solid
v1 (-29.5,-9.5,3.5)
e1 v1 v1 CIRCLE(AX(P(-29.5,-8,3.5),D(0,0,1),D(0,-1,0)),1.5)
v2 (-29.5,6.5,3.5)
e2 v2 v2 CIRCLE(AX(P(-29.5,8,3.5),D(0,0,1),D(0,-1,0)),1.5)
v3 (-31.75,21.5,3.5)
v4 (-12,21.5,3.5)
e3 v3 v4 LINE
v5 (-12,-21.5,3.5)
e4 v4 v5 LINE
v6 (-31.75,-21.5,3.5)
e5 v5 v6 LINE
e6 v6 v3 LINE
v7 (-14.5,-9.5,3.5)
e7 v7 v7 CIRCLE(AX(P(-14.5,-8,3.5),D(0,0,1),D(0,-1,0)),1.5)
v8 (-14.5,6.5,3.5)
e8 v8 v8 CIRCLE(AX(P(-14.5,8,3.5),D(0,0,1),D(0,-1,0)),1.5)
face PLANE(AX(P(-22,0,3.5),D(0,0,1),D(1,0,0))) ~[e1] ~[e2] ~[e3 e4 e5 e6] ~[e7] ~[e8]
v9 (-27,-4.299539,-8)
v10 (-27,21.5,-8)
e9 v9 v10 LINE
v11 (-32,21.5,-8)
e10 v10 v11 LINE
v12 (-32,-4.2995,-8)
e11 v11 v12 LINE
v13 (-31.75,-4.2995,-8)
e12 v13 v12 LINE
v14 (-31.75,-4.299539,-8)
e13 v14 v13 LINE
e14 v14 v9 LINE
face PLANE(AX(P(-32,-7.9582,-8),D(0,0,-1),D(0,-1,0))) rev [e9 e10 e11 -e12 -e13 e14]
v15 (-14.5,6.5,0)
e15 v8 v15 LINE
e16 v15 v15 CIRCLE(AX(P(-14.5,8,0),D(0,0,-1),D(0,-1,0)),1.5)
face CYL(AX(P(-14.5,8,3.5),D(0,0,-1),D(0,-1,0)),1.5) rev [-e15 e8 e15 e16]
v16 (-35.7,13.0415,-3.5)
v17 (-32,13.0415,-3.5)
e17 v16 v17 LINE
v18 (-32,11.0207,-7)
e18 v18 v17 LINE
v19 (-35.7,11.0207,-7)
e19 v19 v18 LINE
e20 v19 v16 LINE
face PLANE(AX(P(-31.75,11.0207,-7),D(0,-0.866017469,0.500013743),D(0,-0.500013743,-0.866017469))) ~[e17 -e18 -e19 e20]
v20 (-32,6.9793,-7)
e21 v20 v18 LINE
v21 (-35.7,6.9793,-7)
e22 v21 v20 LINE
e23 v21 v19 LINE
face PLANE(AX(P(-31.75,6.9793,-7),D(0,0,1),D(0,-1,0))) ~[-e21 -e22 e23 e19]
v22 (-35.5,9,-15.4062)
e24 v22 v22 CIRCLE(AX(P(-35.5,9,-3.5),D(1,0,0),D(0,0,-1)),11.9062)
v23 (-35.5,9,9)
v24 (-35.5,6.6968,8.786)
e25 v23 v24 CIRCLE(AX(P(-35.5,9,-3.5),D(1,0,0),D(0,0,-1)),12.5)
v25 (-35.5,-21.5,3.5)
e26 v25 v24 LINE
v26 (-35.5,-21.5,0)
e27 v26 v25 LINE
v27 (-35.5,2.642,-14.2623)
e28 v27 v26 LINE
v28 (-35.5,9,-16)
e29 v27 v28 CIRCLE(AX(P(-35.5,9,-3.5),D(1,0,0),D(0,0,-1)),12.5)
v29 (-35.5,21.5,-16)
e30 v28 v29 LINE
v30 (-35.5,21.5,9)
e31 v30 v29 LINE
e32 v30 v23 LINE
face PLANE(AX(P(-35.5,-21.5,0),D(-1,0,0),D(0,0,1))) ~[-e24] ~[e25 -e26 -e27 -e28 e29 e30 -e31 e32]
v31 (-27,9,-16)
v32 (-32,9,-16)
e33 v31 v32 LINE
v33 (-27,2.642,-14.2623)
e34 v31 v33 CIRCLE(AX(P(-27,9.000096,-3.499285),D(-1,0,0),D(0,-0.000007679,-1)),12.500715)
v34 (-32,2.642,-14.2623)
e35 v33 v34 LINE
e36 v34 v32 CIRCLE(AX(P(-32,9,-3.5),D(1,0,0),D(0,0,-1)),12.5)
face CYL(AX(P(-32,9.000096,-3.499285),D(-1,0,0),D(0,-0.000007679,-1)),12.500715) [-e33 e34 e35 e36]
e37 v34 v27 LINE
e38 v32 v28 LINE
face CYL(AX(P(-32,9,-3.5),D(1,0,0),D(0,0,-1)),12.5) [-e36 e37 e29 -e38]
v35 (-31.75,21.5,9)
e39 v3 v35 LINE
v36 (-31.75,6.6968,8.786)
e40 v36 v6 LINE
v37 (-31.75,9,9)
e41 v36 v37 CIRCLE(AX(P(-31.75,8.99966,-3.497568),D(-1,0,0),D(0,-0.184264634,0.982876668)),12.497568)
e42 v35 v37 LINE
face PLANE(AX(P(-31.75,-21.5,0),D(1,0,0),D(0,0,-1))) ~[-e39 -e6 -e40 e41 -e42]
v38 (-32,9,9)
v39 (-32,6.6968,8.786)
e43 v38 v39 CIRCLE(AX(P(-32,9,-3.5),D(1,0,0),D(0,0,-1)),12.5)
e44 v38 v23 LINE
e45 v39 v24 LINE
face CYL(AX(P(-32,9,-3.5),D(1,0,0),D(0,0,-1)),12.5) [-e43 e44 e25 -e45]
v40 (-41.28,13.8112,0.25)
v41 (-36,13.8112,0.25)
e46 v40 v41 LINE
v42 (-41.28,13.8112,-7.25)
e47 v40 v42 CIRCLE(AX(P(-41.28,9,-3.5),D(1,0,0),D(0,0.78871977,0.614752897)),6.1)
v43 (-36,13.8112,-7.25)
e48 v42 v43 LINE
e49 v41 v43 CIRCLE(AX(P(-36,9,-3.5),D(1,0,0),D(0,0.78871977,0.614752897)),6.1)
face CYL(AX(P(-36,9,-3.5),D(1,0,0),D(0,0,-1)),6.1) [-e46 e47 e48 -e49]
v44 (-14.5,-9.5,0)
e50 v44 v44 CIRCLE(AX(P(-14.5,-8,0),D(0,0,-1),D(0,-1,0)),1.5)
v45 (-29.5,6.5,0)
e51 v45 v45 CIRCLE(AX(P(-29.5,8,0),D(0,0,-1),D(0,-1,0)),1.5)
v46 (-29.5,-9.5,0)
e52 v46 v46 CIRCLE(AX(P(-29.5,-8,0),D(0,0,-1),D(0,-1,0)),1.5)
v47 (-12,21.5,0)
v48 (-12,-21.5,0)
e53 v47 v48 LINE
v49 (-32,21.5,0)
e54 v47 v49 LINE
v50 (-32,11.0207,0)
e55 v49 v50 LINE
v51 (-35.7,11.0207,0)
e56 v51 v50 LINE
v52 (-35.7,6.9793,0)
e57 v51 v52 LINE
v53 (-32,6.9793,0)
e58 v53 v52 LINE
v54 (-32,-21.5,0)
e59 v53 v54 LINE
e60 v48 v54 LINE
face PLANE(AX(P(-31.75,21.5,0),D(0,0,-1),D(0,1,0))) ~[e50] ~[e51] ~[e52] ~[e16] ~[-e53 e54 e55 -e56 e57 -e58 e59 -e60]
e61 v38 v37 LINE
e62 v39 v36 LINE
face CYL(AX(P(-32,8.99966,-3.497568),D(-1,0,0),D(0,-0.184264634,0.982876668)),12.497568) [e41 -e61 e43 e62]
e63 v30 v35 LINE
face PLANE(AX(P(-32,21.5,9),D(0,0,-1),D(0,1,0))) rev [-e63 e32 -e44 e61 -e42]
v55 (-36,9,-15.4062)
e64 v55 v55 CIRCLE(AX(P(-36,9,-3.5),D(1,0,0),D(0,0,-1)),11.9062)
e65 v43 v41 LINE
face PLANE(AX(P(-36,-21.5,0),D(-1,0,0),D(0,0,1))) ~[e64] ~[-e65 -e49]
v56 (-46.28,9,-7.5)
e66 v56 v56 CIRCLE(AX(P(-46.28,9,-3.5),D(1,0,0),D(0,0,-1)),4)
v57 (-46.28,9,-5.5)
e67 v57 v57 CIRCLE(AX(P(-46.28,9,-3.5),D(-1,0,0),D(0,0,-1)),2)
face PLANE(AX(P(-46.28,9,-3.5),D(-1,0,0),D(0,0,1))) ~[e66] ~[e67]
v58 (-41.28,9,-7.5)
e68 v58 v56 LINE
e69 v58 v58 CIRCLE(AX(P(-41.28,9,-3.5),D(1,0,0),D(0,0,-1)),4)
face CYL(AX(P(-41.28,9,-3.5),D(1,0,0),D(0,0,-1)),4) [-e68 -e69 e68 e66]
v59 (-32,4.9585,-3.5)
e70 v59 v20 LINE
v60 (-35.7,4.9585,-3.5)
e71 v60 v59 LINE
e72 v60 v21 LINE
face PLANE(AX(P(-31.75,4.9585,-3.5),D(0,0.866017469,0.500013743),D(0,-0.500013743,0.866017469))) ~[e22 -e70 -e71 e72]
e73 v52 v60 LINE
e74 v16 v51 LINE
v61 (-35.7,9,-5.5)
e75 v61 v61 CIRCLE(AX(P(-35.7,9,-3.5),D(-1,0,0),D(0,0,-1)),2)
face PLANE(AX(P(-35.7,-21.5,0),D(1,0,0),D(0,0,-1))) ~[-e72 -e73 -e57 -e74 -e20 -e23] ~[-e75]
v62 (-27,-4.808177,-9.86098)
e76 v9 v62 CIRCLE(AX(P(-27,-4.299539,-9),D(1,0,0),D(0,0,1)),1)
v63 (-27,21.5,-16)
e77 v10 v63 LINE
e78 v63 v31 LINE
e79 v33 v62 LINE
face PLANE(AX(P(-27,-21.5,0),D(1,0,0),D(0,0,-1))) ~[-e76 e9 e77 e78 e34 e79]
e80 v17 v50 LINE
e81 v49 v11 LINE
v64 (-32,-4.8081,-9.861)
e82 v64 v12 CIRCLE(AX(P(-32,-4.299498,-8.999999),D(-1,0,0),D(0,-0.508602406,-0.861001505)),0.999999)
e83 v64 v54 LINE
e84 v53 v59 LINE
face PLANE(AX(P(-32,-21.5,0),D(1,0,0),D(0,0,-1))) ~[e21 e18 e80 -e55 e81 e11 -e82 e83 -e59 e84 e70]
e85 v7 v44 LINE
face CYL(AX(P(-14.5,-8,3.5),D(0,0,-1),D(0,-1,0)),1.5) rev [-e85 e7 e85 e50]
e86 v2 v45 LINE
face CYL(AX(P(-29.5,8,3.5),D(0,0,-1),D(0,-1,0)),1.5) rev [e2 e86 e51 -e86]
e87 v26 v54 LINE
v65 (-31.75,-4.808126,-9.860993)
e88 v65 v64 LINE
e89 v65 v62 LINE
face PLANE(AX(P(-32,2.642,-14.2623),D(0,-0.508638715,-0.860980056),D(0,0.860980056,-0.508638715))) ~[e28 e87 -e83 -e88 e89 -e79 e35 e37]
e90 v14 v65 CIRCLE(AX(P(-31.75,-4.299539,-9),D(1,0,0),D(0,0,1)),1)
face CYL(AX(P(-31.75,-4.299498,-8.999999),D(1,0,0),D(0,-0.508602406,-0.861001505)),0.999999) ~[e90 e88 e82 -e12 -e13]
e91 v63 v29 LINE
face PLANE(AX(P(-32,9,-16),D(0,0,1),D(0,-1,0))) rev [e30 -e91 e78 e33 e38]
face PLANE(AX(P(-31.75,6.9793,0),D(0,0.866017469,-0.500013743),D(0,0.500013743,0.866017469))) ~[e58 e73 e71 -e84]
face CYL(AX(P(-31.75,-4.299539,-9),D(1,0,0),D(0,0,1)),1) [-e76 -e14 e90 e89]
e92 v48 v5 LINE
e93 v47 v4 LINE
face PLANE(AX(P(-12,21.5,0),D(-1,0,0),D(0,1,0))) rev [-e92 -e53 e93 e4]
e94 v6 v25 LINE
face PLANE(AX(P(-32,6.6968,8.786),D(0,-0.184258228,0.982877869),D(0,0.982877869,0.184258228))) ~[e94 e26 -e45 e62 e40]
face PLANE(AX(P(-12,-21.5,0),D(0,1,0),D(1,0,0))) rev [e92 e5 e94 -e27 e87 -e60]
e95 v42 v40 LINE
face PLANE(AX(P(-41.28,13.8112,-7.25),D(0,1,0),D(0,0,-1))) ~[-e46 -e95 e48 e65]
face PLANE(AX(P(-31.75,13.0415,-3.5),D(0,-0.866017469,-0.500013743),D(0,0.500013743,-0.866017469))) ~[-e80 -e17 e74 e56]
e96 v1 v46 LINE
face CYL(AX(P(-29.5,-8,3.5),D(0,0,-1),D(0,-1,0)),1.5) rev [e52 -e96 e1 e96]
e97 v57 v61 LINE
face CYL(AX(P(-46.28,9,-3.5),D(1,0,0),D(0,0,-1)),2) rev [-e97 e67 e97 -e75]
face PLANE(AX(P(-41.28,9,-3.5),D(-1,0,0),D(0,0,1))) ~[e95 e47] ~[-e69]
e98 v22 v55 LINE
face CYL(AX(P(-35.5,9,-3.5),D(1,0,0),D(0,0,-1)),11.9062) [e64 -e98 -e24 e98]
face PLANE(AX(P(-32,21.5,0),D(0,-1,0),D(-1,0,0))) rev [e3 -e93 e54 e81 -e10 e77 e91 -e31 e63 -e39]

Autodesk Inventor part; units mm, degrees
ref_plane "YZ Plane" through (0, 0, 0) normal (1, 0, 0) x (0, 1, 0)
ref_plane "XZ Plane" through (0, 0, 0) normal (0, 1, 0) x (-1, 0, 0)
sketch "Sketch1" plane through (0, 0, 0) normal (0, 0, 1) x (1, 0, 0)
  line L0 (-10, -21.5) -> (10, -21.5)
  line L1 (10, -21.5) -> (10, 21.5)
  line L2 (10, 21.5) -> (-10, 21.5)
  line L3 (-10, 21.5) -> (-10, -21.5)
  line L4 (-10, -21.5) -> (10, 21.5) construction
  line L5 (10, -21.5) -> (-10, 21.5) construction
  point P0 (0, 0)
  dimension "d0" = 20
  dimension "d1" = 43
extrude "Extrusion1" add sketch "Sketch1" along normal blind 3.5
sketch "Sketch2" plane through (0, 0, 3.5) normal (0, 0, 1) x (1, 0, 0)
  line L0 (-7.5, -8) -> (7.5, -8)
  line L1 (7.5, -8) -> (7.5, 8)
  line L2 (7.5, 8) -> (-7.5, 8)
  line L3 (-7.5, 8) -> (-7.5, -8)
  line L4 (-7.5, -8) -> (7.5, 8) construction
  line L5 (7.5, -8) -> (-7.5, 8) construction
  point P0 (0, 0)
  dimension "d4" = 15
  dimension "d5" = 16
hole "Hole1" at (-7.5, 8, 3.5) at (7.5, 8, 3.5) at (7.5, -8, 3.5) at (-7.5, -8, 3.5) direction (0, 0, -1) diameter 3 end through all
sketch "Sketch3" plane through (10, -21.5, 0) normal (1, 0, 0) x (0, 0, -1)
  circle A0 centre (3.5, 30.5) radius 11.9062
  line L0 (0, 0) -> (0, 43) projected
  circle A1 centre (3.5, 30.5) radius 12.5
  line L1 (0, 43) -> (3.5, 43)
  line L2 (14.2623, 24.142) -> (0, 0)
  line L3 (-3.5, 43) -> (-3.5, 0) projected
  line L4 (-3.5, 43) -> (-7.1577, 37.0317)
  line L5 (-3.5, 0) -> (-8.786, 28.1968)
  line L6 (0, 0) -> (-3.5, 0) projected
  line L7 (0, 43) -> (-3.5, 43) projected
  line L8 (16, 30.5) -> (16, 43)
  line L9 (16, 43) -> (-9, 43)
  line L10 (-9, 43) -> (-9, 30.5)
  line L11 (9, 43) -> (12.7158, 38.945)
  point P0 (0, 21.5)
  point P1 (0, 21.5)
  point P2 (3.5, 43)
  dimension "d14" = 25
  dimension "d13" = 23.8125
  dimension "d15" = 3.5
  dimension "d26" = 9
extrude "Extrusion2" add sketch "Sketch3" along normal blind 3.5
sketch "Sketch4" plane through (13.5, -21.5, 0) normal (1, 0, 0) x (0, 0, -1)
  circle A0 centre (3.5, 30.5) radius 11.9062 projected
  point P0 (0, 21.5)
extrude "Extrusion3" add sketch "Sketch4" along normal blind 0.5
sketch "Sketch5" plane through (10, -21.5, 0) normal (-1, 0, 0) x (0, 0, 1)
  line L0 (3.5, 0) -> (3.5, 43) projected
  line L1 (8.786, 28.1968) -> (3.5, 0) projected
  arc A0 (-16, 30.5) -> (-14.2623, 24.142) centre (-3.5, 30.5) ccw projected
  arc A1 (8.786, 28.1968) -> (9, 30.5) centre (-3.5, 30.5) ccw projected
  line L2 (0, 0) -> (0, 43) projected
  line L3 (0, 0) -> (-14.2623, 24.142) projected
  line L4 (-16, 43) -> (0, 43) projected
  line L5 (-16, 30.5) -> (-16, 43) projected
  line L6 (9, 43) -> (9, 30.5) projected
  line L7 (3.5, 43) -> (9, 43) projected
  point P0 (0, 21.5)
extrude "Extrusion4" add sketch "Sketch5" along normal blind 0.25
sketch "Sketch6" plane through (10, -21.5, 0) normal (-1, 0, 0) x (0, 0, 1)
  line L0 (-14.2623, 24.142) -> (0, 0) projected
  line L1 (0, 43) -> (0, 0) projected
  line L2 (0, 43) -> (-16, 43) projected
  line L3 (-16, 43) -> (-16, 30.5) projected
  arc A0 (-16, 30.5) -> (-14.2623, 24.142) centre (-3.5, 30.5) ccw projected
  line L4 (-8, 13.5418) -> (-8, 43)
  dimension "d67" = 8
extrude "Extrusion5" add sketch "Sketch6" along normal blind 5 contours A0 L3 L2 L4 L0
sketch "Sketch7" plane through (14, 9, -3.5) normal (1, 0, 0) x (0, 0, -1)
  circle A0 centre (0, 0) radius 11.9062 projected
  circle A1 centre (0, 0) radius 6.1
  circle A2 centre (-2, 3.4641) radius 1.5
  circle A3 centre (4, 0) radius 1.5
  circle A4 centre (-2, -3.4641) radius 1.5
  line L0 (-2, 3.4641) -> (0, 0) construction
  line L1 (0, 0) -> (4, 0) construction
  line L2 (-2, -3.4641) -> (0, 0) construction
  circle A5 centre (0, 0) radius 2
  point P0 (-3.5, -9)
  dimension "d27" = 12.2
  dimension "d28" = 3
  dimension "d29" = 120
  dimension "d30" = 120
  dimension "d31" = 4
  dimension "d32" = 4
sketch "Sketch10" plane through (14, 9, -3.5) normal (1, 0, 0) x (0, 0, -1)
  circle A0 centre (0, 0) radius 11.9062 projected
  circle A1 centre (0, 0) radius 6.1
  point P0 (-3.5, -9)
  dimension "d44" = 12.2
extrude "Extrusion7" add sketch "Sketch10" along normal blind 5.28 contours A1
sketch "Sketch11" plane through (19.28, 9, -3.5) normal (1, 0, 0) x (0, 0, -1)
  circle A0 centre (0, 0) radius 6.1 projected
  circle A1 centre (0, 0) radius 4
  point P0 (-3.5, -9)
  dimension "d47" = 8
extrude "Extrusion8" add sketch "Sketch11" along normal blind 5 contours A1
sketch "Sketch12" plane through (24.28, 9, -3.5) normal (1, 0, 0) x (0, 0, -1)
  circle A0 centre (0, 0) radius 4 projected
  point P0 (-3.5, -9)
hole "Hole3" at (24.28, 9, -3.5) direction (-1, 0, 0) diameter 4 end through all
sketch "Sketch13" plane through (10, -21.5, 0) normal (-1, 0, 0) x (0, 0, 1)
  circle A0 centre (-3.5, 30.5) radius 2 projected
  line L0 (-8, 43) -> (-8, 13.5418) projected
  line L1 (-8, 13.5418) -> (0, 0) projected
  line L2 (0, 43) -> (0, 0) projected
  line L3 (0, 43) -> (-8, 43) projected
  line L4 (-7, 32.5207) -> (-3.5, 34.5415)
  line L5 (-3.5, 34.5415) -> (0, 32.5207)
  line L6 (0, 32.5207) -> (0, 28.4793)
  line L7 (0, 28.4793) -> (-3.5, 26.4585)
  line L8 (-3.5, 26.4585) -> (-7, 28.4793)
  line L9 (-7, 28.4793) -> (-7, 32.5207)
  point P0 (-7, 30.5)
  point P1 (0, 28.4793)
  point P2 (0, 32.5207)
  dimension "d68" = 7
extrude "Extrusion9" cut sketch "Sketch13" against normal blind 3.7 contours L2 L7 L8 L9 L4 L5
sketch "Sketch15" plane through (19.28, 9, -3.5) normal (1, 0, 0) x (0, 0, -1)
  circle A0 centre (0, 0) radius 4 projected
  circle A1 centre (0, 0) radius 6.1 projected
  line L0 (3.75, 4.8112) -> (-3.75, 4.8112)
  point P0 (-3.5, -9)
  dimension "d62" = 7.5
extrude "Extrusion11" cut sketch "Sketch15" against normal up to surface (5.28 mm away) contours L0 A1 picked at (-0.8686, 5.0459)
sketch "Sketch17" plane through (9.75, -21.5, 0) normal (-1, 0, 0) x (0, 0, 1)
  line L0 (-7, 28.4793) -> (-7, 32.5207) projected
  line L1 (-3.5, 26.4585) -> (-7, 28.4793) projected
  line L2 (0, 28.4793) -> (-3.5, 26.4585) projected
  line L3 (0, 32.5207) -> (0, 28.4793) projected
  line L4 (-3.5, 34.5415) -> (0, 32.5207) projected
  line L5 (-7, 32.5207) -> (-3.5, 34.5415) projected
  circle A0 centre (-3.5, 30.5) radius 2 projected
  point P0 (0, 21.5)
extrude "Extrusion13" cut sketch "Sketch17" against normal blind 3.7 contours L0 L5 L4 L3 L2 L1 | A0
fillet "Fillet2" radius 1 1 edges at (7.375, -7.9582, -8)
sketch "Sketch18" plane through (9.75, -21.5, 0) normal (-1, 0, 0) x (0, 0, 1)
  line L0 (0, 28.4793) -> (-3.5, 26.4585) projected
  line L1 (-3.5, 26.4585) -> (-7, 28.4793) projected
  line L2 (-7, 28.4793) -> (-7, 32.5207) projected
  line L3 (-7, 32.5207) -> (-3.5, 34.5415) projected
  line L4 (-3.5, 34.5415) -> (0, 32.5207) projected
  line L5 (0, 43) -> (0, 32.5207) projected
  line L6 (0, 43) -> (-8, 43) projected
  line L7 (-8, 43) -> (-8, 17.2005) projected
  arc A0 (-9.861, 16.6919) -> (-8, 17.2005) centre (-9, 17.2005) ccw projected
  line L8 (-9.861, 16.6919) -> (0, 0) projected
  line L9 (0, 28.4793) -> (0, 0) projected
  point P0 (0, 21.5)
extrude "Extrusion14" cut sketch "Sketch18" against normal blind 0.25
ref_plane "Work Plane1" through (-11, -21.5, 0) normal (-1, 0, 0) x (0, 0, 1)
mirror "Mirror1" about plane through (-11, -21.5, 0) normal (-1, 0, 0) of "Extrusion1", "Hole1", "Extrusion2", "Extrusion3", "Extrusion4", "Extrusion5", "Extrusion7", "Extrusion8", "Hole3", "Extrusion9", "Extrusion11", "Extrusion13", "Fillet2", "Extrusion14"
sketch "Sketch19" plane through (-11, -21.5, 0) normal (-1, 0, 0) x (0, 0, 1)
  line L0 (-26.4701, -15.0074) -> (17.4098, -15.0074)
  line L1 (17.4098, -15.0074) -> (17.4098, 56.4974)
  line L2 (17.4098, 56.4974) -> (-26.4701, 56.4974)
  line L3 (-26.4701, 56.4974) -> (-26.4701, -15.0074)
  point P0 (0, 21.5)
extrude "Extrusion15" cut sketch "Sketch19" against normal through all
equation "\"d30\" = d29"
properties part number "CarriagePivotMountMirror" material "ABS Plastic"
